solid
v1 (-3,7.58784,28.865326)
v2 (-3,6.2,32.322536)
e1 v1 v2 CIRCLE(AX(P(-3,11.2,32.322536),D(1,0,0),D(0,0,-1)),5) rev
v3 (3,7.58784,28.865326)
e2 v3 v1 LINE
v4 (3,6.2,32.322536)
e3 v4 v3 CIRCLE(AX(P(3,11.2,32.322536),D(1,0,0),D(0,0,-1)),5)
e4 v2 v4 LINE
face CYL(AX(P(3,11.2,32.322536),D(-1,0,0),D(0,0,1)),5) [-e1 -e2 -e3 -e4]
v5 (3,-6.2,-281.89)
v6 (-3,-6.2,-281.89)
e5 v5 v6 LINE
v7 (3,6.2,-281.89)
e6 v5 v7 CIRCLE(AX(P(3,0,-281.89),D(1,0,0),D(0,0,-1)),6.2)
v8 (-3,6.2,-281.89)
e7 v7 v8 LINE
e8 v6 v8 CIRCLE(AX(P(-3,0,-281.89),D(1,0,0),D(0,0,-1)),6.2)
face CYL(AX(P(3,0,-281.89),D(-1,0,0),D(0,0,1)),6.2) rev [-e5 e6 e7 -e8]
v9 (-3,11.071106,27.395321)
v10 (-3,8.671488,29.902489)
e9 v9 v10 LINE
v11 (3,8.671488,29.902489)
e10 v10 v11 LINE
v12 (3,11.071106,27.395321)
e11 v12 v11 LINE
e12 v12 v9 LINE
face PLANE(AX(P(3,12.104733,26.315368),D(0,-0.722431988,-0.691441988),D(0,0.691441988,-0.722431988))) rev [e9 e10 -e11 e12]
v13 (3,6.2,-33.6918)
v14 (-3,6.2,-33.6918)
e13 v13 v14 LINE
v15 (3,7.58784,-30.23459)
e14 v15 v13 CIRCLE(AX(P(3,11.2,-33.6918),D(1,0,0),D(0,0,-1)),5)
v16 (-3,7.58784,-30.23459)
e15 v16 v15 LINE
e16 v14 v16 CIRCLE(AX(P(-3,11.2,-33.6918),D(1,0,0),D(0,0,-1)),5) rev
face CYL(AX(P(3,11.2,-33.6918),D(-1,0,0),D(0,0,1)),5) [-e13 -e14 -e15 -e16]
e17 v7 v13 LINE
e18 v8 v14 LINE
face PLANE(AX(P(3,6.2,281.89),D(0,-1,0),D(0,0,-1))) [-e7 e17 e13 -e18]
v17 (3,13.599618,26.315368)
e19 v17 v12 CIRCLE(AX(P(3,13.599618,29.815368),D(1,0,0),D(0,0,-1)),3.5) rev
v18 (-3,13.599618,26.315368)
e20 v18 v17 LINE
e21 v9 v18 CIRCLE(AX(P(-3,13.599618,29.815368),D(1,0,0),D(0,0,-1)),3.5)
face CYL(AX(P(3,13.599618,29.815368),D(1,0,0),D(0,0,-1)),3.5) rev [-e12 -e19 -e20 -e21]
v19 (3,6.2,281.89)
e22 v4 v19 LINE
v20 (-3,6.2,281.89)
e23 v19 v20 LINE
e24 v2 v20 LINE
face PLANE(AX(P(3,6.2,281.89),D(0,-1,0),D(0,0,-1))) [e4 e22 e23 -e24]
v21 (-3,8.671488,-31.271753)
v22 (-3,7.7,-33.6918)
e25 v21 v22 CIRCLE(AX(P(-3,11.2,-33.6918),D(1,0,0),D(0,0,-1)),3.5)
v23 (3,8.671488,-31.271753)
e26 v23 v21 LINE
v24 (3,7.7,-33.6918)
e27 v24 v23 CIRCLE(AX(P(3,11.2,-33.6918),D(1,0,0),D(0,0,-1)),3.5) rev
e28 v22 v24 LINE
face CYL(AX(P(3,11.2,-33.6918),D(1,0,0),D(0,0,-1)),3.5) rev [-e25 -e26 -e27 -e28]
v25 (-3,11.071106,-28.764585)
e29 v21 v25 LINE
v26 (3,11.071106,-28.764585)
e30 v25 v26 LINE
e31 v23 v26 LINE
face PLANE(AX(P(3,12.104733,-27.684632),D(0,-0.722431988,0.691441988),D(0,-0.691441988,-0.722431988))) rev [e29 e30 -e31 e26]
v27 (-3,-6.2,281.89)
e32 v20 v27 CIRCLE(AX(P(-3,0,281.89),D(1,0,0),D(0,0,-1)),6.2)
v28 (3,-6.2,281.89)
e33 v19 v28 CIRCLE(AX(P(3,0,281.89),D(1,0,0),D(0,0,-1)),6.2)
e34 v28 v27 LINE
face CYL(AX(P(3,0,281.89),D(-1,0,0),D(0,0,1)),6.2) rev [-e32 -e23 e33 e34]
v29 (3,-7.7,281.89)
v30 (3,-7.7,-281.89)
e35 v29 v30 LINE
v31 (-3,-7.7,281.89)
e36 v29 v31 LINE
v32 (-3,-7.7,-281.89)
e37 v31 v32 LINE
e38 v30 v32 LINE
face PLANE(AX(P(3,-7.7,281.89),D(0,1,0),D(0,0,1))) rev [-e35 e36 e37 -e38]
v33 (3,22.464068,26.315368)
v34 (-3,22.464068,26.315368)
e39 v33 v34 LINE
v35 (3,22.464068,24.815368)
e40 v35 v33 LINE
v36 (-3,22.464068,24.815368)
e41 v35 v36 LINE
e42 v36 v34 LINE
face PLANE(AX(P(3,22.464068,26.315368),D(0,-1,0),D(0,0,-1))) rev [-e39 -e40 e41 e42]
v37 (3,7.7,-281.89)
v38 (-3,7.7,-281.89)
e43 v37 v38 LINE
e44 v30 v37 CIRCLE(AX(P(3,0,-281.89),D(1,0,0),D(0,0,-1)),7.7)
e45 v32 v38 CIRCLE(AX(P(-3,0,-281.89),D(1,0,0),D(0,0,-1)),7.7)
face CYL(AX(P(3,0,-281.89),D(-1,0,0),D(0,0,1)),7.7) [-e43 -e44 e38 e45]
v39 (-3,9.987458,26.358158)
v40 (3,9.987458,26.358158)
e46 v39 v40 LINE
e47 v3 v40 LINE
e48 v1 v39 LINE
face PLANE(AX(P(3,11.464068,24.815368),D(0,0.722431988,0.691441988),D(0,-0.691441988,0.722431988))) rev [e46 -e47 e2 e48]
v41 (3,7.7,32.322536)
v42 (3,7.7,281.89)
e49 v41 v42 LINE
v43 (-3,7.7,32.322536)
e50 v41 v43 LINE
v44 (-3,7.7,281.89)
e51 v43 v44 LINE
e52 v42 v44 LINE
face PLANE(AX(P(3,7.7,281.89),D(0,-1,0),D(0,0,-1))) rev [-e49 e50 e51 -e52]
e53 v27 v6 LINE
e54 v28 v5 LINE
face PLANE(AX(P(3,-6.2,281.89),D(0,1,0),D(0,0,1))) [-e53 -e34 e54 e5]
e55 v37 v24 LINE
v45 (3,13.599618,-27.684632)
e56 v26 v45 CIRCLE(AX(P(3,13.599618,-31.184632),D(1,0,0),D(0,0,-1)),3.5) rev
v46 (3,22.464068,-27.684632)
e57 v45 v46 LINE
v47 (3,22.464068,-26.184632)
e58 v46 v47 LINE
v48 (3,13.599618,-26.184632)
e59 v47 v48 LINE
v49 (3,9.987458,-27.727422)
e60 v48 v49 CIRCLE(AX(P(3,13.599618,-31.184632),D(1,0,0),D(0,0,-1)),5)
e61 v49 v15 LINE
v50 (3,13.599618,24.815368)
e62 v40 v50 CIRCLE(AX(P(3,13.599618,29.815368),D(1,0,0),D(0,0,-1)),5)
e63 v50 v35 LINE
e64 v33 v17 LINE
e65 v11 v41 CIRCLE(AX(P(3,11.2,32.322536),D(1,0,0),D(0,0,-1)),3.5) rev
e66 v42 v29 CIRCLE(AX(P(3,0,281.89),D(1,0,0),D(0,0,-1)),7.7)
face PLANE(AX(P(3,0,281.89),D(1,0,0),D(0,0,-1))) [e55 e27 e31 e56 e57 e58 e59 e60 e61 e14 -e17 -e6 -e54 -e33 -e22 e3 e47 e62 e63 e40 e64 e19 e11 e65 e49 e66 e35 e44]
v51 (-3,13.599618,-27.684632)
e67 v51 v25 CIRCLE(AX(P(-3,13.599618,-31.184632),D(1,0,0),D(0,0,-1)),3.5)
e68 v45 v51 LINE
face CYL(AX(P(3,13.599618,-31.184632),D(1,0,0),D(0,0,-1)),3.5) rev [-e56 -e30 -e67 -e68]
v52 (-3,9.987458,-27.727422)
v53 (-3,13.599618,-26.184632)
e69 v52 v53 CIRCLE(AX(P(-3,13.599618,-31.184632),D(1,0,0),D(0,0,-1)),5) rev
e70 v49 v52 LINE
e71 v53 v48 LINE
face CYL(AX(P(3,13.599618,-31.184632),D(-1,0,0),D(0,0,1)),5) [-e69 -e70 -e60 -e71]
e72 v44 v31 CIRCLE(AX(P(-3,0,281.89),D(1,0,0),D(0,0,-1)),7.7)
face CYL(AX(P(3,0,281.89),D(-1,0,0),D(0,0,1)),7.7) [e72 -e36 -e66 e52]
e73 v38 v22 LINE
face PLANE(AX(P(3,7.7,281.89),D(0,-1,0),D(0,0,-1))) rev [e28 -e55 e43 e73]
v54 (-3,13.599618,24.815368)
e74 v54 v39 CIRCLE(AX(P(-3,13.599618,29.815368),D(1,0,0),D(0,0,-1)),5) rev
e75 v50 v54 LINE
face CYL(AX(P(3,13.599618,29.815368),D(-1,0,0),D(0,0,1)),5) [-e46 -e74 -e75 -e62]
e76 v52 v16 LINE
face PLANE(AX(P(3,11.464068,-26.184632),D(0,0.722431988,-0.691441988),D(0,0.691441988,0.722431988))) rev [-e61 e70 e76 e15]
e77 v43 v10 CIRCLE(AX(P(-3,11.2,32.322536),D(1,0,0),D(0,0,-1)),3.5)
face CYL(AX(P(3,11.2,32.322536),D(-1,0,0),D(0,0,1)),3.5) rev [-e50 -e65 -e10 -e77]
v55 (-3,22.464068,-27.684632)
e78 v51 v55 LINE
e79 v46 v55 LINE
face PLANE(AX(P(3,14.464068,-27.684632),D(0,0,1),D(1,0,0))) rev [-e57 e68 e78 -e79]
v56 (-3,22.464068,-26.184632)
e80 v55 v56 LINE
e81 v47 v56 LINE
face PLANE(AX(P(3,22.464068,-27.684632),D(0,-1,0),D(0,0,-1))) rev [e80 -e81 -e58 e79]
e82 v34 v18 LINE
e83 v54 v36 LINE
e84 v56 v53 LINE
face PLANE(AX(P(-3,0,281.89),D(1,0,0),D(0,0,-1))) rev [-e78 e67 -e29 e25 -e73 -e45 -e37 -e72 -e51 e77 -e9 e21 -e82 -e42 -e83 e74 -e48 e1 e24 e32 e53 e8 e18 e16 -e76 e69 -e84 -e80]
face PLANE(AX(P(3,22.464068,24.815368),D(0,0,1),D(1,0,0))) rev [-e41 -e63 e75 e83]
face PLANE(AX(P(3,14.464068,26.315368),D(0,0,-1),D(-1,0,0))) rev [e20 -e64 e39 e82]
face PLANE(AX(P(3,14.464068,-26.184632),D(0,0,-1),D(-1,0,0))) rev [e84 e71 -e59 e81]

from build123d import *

# Parameters (mm, degrees)
RESSALTO_EXTRUS_O1_DEPTH = 3
BOSS_EXTRUDE1_DEPTH      = 3
CUT_EXTRUDE1_DEPTH       = 291.521948294
FILLET1_R                = 5
FILLET2_R                = 3.5


with BuildPart() as part:
    # Esboço1 → Ressalto-extrusão1 (new, symmetric)
    with BuildSketch(Plane(origin=(0, 0, 0), x_dir=(0, 0, -1), z_dir=(1, 0, 0))):
        with BuildLine():
            Line((-281.89, 7.7), (281.89, 7.7))
            ThreePointArc((281.89, 7.7), (289.59, 0), (281.89, -7.7))
            Line((281.89, -7.7), (-281.89, -7.7))
            ThreePointArc((-281.89, -7.7), (-289.59, 0), (-281.89, 7.7))
        make_face()
        with BuildLine():
            Line((-281.89, 6.2), (281.89, 6.2))
            ThreePointArc((281.89, 6.2), (288.09, 0), (281.89, -6.2))
            Line((281.89, -6.2), (-281.89, -6.2))
            ThreePointArc((-281.89, -6.2), (-288.09, 0), (-281.89, 6.2))
        make_face(mode=Mode.SUBTRACT)
    extrude(amount=RESSALTO_EXTRUS_O1_DEPTH, both=True)

    # Sketch1 → Boss-Extrude1 (add, symmetric)
    with BuildSketch(Plane(origin=(0, 0, 0), x_dir=(0, 0, -1), z_dir=(1, 0, 0))):
        Polygon((26.184631905, 14.464067762), (26.184631905, 11.464067762), (31.684631905, 6.2), (33.854011297, 6.2), (27.684631905, 12.104732939), (27.684631905, 14.464067762), (27.684631905, 22.464067762), (26.184631905, 22.464067762), align=None)
        Polygon((-24.815368095, 11.464067762), (-24.815368095, 14.464067762), (-24.815368095, 22.464067762), (-26.315368095, 22.464067762), (-26.315368095, 14.464067762), (-26.315368095, 12.104732939), (-32.484747486, 6.2), (-30.315368095, 6.2), align=None)
    extrude(amount=BOSS_EXTRUDE1_DEPTH, both=True)

    # Sketch2 → Cut-Extrude1 (cut, through all)
    with BuildSketch(Plane(origin=(3, 0, 0), x_dir=(0, 0, -1), z_dir=(1, 0, 0))):
        Polygon((-30.315368095, 6.2), (-28.748139029, 7.7), (30.117402839, 7.7), (31.684631905, 6.2), align=None)
    extrude(amount=-CUT_EXTRUDE1_DEPTH, mode=Mode.SUBTRACT)

    # Fillet1
    fillet1_edges = [part.edges().sort_by_distance(p)[0] for p in [
        (0, 11.464067762, -26.184631905),
        (0, 6.2, -31.684631905),
        (0, 6.2, 30.315368095),
        (0, 11.464067762, 24.815368095),
    ]]
    fillet(fillet1_edges, radius=FILLET1_R)

    # Fillet2
    fillet2_edges = [part.edges().sort_by_distance(p)[0] for p in [
        (0, 12.104732939, 26.315368095),
        (0, 7.7, 30.917518421),
        (0, 7.7, -32.286782231),
        (0, 12.104732939, -27.684631905),
    ]]
    fillet(fillet2_edges, radius=FILLET2_R)


solid = part.part
